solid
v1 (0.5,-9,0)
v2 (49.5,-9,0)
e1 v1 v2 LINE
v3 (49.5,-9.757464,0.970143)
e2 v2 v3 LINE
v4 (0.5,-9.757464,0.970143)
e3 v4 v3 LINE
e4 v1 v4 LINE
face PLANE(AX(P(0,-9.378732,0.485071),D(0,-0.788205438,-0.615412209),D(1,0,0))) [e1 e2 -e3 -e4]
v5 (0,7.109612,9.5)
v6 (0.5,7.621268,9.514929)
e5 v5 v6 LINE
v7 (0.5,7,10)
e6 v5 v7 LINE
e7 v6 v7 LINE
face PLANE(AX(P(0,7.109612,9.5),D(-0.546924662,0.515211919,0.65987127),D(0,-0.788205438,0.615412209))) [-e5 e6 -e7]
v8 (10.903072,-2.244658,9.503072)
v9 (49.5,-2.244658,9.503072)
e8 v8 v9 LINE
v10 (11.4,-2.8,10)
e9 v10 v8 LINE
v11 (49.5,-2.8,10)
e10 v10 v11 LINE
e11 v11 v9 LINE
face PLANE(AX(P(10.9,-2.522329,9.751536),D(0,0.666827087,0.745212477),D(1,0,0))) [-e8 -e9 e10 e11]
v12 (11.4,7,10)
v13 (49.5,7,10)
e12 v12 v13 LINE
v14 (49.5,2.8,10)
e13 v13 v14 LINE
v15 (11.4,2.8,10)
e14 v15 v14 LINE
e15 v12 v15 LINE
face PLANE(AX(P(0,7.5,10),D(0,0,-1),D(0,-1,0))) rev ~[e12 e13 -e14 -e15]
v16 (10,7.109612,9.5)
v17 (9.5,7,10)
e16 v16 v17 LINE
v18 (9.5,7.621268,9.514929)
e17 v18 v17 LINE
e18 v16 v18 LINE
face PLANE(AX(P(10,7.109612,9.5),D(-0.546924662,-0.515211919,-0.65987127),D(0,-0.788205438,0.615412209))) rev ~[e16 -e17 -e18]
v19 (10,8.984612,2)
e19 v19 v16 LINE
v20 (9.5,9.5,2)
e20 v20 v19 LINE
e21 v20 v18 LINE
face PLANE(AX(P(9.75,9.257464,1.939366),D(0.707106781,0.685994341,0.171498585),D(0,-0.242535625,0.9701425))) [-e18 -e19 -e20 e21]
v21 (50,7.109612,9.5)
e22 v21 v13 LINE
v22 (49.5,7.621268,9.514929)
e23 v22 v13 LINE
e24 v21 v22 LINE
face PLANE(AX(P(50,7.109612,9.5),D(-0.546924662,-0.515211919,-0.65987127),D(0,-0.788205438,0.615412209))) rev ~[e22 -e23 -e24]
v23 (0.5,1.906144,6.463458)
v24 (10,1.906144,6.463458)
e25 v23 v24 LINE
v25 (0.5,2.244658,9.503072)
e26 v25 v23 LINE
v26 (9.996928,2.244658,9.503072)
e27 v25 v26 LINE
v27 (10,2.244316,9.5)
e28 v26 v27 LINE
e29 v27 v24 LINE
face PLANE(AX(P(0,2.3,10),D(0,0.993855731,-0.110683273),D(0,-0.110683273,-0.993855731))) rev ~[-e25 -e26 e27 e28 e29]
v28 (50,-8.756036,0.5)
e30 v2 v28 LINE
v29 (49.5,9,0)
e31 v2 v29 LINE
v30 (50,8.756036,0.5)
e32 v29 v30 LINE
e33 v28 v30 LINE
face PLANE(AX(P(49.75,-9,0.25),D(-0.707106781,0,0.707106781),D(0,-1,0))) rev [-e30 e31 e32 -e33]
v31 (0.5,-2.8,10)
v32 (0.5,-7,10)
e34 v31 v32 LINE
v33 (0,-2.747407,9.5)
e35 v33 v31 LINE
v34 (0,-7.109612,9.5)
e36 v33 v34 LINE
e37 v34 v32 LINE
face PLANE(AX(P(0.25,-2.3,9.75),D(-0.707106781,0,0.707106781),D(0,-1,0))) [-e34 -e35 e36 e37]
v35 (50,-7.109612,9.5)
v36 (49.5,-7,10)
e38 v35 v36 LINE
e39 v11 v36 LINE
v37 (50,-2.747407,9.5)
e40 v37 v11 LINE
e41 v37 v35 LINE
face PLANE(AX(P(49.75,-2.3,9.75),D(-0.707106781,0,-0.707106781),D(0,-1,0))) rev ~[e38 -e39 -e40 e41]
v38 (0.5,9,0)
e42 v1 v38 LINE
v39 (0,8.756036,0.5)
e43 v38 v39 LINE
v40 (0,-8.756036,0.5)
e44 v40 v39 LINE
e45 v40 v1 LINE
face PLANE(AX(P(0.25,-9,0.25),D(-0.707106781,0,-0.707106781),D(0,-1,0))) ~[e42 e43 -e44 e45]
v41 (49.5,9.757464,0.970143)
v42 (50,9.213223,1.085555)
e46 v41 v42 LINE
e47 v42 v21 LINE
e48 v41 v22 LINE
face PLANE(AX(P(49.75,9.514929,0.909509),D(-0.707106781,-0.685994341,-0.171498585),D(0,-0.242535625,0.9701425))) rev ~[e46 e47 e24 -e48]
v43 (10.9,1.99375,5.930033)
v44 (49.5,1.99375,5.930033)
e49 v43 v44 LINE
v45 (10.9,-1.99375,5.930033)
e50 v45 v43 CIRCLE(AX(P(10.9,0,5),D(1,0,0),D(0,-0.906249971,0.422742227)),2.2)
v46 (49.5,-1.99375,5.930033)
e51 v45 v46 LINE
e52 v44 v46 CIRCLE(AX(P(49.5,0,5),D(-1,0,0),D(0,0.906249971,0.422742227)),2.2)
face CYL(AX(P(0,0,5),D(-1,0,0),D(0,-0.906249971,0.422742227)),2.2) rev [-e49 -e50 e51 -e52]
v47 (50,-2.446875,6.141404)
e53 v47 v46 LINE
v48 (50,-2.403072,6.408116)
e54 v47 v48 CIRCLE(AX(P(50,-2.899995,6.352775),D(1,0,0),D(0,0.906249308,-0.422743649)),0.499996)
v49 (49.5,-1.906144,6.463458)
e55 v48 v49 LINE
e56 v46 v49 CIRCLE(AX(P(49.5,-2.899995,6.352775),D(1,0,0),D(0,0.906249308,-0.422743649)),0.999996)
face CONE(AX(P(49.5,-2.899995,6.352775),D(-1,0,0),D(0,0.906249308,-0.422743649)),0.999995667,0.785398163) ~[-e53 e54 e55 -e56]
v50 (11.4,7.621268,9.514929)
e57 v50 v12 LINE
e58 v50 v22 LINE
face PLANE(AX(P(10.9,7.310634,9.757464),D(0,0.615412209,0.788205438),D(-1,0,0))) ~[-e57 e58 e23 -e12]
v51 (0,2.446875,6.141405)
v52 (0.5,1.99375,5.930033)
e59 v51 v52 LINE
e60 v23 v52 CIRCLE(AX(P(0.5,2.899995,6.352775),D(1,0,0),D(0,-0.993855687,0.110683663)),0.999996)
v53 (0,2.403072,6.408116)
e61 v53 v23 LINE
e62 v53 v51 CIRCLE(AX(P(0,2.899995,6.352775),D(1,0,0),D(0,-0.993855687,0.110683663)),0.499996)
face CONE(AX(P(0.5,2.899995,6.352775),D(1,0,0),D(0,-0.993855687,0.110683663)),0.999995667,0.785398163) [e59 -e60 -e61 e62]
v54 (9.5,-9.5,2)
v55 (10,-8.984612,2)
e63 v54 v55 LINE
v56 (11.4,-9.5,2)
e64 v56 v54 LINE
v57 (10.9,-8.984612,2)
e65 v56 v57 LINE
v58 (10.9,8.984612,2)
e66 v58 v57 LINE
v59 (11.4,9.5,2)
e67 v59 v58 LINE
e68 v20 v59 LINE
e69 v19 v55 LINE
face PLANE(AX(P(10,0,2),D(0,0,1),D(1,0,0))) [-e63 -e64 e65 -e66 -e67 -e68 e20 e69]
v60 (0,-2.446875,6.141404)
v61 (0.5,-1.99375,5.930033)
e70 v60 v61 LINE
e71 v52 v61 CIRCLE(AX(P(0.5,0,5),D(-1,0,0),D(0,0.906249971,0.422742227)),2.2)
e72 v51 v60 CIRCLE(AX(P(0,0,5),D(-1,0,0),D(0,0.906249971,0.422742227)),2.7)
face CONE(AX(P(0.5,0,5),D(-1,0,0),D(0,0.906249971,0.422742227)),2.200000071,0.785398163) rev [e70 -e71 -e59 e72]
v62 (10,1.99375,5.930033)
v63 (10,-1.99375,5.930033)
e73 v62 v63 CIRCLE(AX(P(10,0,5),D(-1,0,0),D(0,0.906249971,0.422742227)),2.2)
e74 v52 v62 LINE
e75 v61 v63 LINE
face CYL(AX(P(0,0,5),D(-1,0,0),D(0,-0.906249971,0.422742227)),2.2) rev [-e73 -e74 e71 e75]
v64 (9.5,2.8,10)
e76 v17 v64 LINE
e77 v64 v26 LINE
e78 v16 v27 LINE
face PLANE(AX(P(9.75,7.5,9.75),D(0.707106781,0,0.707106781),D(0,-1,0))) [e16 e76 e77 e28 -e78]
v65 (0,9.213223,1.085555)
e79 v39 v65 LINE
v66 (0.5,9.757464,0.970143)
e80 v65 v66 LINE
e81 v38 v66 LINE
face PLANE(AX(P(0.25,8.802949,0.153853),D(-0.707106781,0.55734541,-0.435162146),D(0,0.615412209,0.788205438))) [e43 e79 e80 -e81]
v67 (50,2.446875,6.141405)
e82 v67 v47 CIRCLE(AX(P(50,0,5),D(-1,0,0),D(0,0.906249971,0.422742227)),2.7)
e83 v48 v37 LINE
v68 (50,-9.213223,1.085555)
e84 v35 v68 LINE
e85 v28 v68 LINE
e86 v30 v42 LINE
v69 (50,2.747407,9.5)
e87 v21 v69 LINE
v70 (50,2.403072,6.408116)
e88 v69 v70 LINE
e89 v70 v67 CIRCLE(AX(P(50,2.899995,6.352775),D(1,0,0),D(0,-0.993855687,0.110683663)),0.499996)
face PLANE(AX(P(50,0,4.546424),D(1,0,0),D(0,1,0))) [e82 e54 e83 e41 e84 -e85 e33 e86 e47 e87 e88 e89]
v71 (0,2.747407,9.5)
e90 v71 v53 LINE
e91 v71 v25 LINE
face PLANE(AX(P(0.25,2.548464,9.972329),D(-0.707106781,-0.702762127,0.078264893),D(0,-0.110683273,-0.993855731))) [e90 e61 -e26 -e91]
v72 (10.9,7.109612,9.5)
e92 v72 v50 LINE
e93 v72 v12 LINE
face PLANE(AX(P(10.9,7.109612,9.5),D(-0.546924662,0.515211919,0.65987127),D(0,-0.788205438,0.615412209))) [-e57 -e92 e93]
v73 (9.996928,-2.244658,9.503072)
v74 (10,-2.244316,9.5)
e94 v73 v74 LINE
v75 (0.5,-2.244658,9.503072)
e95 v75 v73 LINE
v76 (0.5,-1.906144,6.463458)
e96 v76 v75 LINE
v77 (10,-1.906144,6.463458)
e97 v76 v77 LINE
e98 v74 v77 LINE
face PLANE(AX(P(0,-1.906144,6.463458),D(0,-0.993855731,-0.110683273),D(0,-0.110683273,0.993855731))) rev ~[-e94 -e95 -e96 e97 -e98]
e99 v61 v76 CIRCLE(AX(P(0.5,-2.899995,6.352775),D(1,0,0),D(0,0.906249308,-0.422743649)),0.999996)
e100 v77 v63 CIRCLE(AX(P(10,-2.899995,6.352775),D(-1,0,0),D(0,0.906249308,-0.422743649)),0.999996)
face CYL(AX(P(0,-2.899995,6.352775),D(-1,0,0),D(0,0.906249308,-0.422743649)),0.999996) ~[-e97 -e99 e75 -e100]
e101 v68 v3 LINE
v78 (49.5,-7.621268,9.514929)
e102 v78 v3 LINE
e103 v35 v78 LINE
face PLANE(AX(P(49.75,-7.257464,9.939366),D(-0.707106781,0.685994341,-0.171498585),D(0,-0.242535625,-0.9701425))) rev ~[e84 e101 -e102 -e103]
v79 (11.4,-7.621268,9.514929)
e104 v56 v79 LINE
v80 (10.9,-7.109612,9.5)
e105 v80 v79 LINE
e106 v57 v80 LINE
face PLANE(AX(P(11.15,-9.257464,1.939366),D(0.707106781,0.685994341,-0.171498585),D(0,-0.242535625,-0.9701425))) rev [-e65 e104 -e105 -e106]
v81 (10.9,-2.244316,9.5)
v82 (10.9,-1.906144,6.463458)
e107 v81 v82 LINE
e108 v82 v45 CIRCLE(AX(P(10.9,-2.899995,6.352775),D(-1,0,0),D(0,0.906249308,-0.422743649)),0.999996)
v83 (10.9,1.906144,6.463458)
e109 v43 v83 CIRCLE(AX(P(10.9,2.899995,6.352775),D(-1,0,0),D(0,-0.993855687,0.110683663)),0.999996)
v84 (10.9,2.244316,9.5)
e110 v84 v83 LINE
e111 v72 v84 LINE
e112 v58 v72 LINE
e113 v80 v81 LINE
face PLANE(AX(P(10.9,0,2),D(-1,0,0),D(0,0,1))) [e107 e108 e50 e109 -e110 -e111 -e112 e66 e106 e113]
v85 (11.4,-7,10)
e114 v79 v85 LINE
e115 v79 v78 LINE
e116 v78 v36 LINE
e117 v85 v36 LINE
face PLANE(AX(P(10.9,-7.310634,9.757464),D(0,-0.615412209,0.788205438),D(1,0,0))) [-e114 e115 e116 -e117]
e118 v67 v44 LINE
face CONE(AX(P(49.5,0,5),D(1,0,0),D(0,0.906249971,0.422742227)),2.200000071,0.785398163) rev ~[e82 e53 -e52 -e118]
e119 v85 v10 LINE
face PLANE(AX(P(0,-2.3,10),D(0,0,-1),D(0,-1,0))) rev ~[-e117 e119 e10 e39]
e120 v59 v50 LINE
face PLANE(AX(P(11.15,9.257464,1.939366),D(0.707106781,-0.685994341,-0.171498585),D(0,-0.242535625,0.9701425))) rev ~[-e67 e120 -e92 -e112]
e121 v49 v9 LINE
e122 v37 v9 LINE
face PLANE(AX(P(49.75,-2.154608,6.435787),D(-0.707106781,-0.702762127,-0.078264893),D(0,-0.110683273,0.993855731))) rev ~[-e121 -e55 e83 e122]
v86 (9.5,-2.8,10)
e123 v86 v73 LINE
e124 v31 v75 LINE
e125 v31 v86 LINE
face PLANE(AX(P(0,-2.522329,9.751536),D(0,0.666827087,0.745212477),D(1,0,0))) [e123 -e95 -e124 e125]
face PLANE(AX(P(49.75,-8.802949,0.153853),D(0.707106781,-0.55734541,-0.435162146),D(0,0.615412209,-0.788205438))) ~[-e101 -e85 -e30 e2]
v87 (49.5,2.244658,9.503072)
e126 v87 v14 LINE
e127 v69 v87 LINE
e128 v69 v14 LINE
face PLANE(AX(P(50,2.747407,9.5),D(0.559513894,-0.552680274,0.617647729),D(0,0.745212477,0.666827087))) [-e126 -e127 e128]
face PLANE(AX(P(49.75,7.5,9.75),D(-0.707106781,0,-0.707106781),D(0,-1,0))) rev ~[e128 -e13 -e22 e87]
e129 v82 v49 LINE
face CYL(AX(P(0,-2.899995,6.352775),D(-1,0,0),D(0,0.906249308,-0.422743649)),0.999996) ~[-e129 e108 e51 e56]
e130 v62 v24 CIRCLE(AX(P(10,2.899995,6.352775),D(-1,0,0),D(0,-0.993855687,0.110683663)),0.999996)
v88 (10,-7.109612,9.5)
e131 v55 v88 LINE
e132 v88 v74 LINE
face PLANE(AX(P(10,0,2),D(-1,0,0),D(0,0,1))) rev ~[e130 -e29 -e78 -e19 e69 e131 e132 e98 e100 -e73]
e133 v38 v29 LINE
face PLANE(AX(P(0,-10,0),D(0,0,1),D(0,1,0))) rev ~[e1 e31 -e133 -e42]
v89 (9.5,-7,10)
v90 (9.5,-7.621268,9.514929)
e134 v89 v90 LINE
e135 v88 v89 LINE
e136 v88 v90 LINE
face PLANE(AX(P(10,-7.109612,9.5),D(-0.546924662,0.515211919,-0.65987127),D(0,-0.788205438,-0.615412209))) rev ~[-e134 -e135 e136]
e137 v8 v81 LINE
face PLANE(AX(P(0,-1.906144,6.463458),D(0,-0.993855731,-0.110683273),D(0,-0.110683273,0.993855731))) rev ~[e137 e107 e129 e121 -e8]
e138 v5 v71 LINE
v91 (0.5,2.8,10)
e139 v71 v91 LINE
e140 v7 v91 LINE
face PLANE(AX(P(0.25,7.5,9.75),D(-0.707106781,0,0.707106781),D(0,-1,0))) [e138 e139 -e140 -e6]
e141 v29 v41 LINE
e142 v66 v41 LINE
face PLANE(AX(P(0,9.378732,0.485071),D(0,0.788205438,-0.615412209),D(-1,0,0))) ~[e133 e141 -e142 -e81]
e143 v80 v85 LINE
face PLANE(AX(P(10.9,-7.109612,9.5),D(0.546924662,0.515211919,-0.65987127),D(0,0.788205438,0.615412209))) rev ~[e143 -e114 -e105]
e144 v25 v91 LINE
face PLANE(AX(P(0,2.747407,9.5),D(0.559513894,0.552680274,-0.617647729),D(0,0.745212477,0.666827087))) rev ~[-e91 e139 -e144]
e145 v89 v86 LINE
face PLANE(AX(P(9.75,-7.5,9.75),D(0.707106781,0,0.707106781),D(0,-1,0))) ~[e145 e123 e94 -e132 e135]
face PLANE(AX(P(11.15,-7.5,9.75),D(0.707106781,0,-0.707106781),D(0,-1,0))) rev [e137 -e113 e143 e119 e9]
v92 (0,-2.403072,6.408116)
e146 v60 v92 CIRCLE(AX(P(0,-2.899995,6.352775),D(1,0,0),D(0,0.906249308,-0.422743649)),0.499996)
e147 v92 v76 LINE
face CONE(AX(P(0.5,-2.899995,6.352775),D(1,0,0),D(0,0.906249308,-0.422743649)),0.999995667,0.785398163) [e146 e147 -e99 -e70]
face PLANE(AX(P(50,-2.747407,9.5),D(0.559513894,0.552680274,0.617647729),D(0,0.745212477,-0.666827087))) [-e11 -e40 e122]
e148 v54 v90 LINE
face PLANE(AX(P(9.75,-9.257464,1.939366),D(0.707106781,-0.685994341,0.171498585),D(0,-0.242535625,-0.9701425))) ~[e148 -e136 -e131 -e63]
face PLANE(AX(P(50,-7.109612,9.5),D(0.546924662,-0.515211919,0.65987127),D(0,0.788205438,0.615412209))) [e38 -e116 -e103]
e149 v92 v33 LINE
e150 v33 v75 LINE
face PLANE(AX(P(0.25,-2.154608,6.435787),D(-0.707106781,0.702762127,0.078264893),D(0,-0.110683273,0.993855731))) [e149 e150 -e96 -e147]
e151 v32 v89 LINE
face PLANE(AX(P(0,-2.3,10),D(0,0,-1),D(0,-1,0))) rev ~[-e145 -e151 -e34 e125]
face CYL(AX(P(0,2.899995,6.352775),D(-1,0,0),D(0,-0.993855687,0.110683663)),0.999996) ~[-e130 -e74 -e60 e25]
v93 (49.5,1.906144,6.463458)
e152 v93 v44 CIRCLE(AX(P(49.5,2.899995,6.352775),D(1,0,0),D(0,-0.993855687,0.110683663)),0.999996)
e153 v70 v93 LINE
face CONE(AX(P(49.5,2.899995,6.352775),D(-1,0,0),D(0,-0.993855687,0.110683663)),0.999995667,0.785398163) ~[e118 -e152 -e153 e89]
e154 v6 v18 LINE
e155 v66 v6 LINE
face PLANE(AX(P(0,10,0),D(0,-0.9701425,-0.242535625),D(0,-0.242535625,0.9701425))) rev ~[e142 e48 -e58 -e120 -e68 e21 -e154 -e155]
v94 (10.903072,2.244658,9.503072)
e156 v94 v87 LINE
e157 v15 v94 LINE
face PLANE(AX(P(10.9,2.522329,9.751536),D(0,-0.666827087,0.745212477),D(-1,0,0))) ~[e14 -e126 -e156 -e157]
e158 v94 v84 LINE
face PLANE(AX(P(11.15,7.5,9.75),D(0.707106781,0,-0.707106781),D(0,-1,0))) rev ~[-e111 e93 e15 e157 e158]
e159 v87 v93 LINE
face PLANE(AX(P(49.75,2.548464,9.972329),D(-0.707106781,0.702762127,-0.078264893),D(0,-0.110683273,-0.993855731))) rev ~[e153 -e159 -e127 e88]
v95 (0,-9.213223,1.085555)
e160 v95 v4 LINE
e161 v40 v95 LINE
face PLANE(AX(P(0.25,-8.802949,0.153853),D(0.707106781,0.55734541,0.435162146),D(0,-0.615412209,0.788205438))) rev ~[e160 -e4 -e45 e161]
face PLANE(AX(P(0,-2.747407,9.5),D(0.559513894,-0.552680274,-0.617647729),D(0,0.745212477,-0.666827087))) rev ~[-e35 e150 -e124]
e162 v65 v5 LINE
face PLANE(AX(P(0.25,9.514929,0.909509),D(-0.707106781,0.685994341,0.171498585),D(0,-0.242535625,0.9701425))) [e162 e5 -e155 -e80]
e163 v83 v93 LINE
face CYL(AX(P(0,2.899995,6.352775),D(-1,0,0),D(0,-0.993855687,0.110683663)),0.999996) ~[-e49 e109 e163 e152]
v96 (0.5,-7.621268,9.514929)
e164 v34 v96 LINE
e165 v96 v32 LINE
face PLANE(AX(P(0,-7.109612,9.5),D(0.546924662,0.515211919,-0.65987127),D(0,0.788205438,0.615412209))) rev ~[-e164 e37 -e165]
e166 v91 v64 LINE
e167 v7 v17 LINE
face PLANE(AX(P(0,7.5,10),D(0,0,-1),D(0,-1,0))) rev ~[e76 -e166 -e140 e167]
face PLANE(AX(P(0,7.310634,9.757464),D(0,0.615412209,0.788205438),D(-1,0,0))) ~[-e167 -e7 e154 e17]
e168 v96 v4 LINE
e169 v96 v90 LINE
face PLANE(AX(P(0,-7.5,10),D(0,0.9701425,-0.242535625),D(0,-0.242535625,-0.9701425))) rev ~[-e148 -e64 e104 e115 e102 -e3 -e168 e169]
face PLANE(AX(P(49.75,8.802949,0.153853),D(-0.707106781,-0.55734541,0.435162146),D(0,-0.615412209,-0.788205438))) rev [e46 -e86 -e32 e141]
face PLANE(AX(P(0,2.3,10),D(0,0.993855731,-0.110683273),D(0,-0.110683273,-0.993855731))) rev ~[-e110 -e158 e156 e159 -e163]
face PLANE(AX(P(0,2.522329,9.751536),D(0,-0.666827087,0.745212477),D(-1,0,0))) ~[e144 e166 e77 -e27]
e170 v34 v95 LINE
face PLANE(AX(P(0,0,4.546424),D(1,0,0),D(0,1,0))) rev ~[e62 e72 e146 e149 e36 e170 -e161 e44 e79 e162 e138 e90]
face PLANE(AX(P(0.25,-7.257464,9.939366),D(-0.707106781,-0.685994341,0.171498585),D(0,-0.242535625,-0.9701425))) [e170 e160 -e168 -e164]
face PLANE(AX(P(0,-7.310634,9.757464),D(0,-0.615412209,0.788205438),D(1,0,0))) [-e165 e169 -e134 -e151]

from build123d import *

# Parameters (mm, degrees)
PAD_DEPTH         = 50
SKETCH001_W       = 0.9
SKETCH001_H       = 10
POCKET_DEPTH      = 10.001
POCKET_DEPTH_BACK = -10.001
CHAMFER_SIZE      = 1
CHAMFER001_SIZE   = 0.5


with BuildPart() as part:
    # Sketch → Pad (new body)
    with BuildSketch(Plane.YZ):
        with BuildLine():
            Line((-10, 0), (10, 0))
            Line((10, 0), (7.5, 10))
            Line((7.5, 10), (2.3, 10))
            Line((2.3, 10), (1.906144, 6.463458))
            ThreePointArc((1.906144, 6.463458), (1.913219, 6.190714), (1.99375, 5.930033))
            ThreePointArc((-1.99375, 5.930033), (0, 2.8), (1.99375, 5.930033))
            ThreePointArc((-1.99375, 5.930033), (-1.913219, 6.190714), (-1.906144, 6.463458))
            Line((-1.906144, 6.463458), (-2.3, 10))
            Line((-2.3, 10), (-7.5, 10))
            Line((-7.5, 10), (-10, 0))
        make_face()
    extrude(amount=PAD_DEPTH)

    # Sketch001 → Pocket (cut, two sides)
    with BuildSketch(Plane.XZ) as pocket_sk:
        with Locations((10.45, 7)):
            Rectangle(SKETCH001_W, SKETCH001_H)
    extrude(amount=-POCKET_DEPTH, mode=Mode.SUBTRACT)
    extrude(pocket_sk.sketch, amount=-POCKET_DEPTH_BACK, mode=Mode.SUBTRACT)

    # Chamfer
    chamfer_edges = [part.edges().sort_by_distance(p)[0] for p in [
        (25, 10, 0),
        (25, -10, 0),
    ]]
    chamfer(chamfer_edges, length=CHAMFER_SIZE)

    # Chamfer001
    chamfer001_edges = [part.edges().sort_by_distance(p)[0] for p in [
        (50, -8.628732, 5.485071),
        (50, -9.378732, 0.485071),
        (50, -4.9, 10),
        (50, 0, 0),
        (50, -2.103072, 8.231729),
        (50, 9.378732, 0.485071),
        (50, -1.913219, 6.190714),
        (50, 8.628732, 5.485071),
        (50, 0, 2.8),
        (50, 4.9, 10),
        (50, 1.913219, 6.190714),
        (50, 2.103072, 8.231729),
        (0, -8.628732, 5.485071),
        (0, -9.378732, 0.485071),
        (0, -4.9, 10),
        (0, 0, 0),
        (0, -2.103072, 8.231729),
        (0, 9.378732, 0.485071),
        (0, -1.913219, 6.190714),
        (0, 8.628732, 5.485071),
        (0, 0, 2.8),
        (0, 4.9, 10),
        (0, 1.913219, 6.190714),
        (0, 2.103072, 8.231729),
        (5, -7.5, 10),
        (10, -4.9, 10),
        (5, -2.3, 10),
        (5, 2.3, 10),
        (10, 4.9, 10),
        (5, 7.5, 10),
        (10.9, 4.9, 10),
        (30.45, 2.3, 10),
        (30.45, 7.5, 10),
        (10.9, -4.9, 10),
        (30.45, -7.5, 10),
        (30.45, -2.3, 10),
        (10, -8.5, 6),
        (10, 8.5, 6),
        (10.9, 8.5, 6),
        (10.9, -8.5, 6),
    ]]
    chamfer(chamfer001_edges, length=CHAMFER001_SIZE)


solid = part.part
